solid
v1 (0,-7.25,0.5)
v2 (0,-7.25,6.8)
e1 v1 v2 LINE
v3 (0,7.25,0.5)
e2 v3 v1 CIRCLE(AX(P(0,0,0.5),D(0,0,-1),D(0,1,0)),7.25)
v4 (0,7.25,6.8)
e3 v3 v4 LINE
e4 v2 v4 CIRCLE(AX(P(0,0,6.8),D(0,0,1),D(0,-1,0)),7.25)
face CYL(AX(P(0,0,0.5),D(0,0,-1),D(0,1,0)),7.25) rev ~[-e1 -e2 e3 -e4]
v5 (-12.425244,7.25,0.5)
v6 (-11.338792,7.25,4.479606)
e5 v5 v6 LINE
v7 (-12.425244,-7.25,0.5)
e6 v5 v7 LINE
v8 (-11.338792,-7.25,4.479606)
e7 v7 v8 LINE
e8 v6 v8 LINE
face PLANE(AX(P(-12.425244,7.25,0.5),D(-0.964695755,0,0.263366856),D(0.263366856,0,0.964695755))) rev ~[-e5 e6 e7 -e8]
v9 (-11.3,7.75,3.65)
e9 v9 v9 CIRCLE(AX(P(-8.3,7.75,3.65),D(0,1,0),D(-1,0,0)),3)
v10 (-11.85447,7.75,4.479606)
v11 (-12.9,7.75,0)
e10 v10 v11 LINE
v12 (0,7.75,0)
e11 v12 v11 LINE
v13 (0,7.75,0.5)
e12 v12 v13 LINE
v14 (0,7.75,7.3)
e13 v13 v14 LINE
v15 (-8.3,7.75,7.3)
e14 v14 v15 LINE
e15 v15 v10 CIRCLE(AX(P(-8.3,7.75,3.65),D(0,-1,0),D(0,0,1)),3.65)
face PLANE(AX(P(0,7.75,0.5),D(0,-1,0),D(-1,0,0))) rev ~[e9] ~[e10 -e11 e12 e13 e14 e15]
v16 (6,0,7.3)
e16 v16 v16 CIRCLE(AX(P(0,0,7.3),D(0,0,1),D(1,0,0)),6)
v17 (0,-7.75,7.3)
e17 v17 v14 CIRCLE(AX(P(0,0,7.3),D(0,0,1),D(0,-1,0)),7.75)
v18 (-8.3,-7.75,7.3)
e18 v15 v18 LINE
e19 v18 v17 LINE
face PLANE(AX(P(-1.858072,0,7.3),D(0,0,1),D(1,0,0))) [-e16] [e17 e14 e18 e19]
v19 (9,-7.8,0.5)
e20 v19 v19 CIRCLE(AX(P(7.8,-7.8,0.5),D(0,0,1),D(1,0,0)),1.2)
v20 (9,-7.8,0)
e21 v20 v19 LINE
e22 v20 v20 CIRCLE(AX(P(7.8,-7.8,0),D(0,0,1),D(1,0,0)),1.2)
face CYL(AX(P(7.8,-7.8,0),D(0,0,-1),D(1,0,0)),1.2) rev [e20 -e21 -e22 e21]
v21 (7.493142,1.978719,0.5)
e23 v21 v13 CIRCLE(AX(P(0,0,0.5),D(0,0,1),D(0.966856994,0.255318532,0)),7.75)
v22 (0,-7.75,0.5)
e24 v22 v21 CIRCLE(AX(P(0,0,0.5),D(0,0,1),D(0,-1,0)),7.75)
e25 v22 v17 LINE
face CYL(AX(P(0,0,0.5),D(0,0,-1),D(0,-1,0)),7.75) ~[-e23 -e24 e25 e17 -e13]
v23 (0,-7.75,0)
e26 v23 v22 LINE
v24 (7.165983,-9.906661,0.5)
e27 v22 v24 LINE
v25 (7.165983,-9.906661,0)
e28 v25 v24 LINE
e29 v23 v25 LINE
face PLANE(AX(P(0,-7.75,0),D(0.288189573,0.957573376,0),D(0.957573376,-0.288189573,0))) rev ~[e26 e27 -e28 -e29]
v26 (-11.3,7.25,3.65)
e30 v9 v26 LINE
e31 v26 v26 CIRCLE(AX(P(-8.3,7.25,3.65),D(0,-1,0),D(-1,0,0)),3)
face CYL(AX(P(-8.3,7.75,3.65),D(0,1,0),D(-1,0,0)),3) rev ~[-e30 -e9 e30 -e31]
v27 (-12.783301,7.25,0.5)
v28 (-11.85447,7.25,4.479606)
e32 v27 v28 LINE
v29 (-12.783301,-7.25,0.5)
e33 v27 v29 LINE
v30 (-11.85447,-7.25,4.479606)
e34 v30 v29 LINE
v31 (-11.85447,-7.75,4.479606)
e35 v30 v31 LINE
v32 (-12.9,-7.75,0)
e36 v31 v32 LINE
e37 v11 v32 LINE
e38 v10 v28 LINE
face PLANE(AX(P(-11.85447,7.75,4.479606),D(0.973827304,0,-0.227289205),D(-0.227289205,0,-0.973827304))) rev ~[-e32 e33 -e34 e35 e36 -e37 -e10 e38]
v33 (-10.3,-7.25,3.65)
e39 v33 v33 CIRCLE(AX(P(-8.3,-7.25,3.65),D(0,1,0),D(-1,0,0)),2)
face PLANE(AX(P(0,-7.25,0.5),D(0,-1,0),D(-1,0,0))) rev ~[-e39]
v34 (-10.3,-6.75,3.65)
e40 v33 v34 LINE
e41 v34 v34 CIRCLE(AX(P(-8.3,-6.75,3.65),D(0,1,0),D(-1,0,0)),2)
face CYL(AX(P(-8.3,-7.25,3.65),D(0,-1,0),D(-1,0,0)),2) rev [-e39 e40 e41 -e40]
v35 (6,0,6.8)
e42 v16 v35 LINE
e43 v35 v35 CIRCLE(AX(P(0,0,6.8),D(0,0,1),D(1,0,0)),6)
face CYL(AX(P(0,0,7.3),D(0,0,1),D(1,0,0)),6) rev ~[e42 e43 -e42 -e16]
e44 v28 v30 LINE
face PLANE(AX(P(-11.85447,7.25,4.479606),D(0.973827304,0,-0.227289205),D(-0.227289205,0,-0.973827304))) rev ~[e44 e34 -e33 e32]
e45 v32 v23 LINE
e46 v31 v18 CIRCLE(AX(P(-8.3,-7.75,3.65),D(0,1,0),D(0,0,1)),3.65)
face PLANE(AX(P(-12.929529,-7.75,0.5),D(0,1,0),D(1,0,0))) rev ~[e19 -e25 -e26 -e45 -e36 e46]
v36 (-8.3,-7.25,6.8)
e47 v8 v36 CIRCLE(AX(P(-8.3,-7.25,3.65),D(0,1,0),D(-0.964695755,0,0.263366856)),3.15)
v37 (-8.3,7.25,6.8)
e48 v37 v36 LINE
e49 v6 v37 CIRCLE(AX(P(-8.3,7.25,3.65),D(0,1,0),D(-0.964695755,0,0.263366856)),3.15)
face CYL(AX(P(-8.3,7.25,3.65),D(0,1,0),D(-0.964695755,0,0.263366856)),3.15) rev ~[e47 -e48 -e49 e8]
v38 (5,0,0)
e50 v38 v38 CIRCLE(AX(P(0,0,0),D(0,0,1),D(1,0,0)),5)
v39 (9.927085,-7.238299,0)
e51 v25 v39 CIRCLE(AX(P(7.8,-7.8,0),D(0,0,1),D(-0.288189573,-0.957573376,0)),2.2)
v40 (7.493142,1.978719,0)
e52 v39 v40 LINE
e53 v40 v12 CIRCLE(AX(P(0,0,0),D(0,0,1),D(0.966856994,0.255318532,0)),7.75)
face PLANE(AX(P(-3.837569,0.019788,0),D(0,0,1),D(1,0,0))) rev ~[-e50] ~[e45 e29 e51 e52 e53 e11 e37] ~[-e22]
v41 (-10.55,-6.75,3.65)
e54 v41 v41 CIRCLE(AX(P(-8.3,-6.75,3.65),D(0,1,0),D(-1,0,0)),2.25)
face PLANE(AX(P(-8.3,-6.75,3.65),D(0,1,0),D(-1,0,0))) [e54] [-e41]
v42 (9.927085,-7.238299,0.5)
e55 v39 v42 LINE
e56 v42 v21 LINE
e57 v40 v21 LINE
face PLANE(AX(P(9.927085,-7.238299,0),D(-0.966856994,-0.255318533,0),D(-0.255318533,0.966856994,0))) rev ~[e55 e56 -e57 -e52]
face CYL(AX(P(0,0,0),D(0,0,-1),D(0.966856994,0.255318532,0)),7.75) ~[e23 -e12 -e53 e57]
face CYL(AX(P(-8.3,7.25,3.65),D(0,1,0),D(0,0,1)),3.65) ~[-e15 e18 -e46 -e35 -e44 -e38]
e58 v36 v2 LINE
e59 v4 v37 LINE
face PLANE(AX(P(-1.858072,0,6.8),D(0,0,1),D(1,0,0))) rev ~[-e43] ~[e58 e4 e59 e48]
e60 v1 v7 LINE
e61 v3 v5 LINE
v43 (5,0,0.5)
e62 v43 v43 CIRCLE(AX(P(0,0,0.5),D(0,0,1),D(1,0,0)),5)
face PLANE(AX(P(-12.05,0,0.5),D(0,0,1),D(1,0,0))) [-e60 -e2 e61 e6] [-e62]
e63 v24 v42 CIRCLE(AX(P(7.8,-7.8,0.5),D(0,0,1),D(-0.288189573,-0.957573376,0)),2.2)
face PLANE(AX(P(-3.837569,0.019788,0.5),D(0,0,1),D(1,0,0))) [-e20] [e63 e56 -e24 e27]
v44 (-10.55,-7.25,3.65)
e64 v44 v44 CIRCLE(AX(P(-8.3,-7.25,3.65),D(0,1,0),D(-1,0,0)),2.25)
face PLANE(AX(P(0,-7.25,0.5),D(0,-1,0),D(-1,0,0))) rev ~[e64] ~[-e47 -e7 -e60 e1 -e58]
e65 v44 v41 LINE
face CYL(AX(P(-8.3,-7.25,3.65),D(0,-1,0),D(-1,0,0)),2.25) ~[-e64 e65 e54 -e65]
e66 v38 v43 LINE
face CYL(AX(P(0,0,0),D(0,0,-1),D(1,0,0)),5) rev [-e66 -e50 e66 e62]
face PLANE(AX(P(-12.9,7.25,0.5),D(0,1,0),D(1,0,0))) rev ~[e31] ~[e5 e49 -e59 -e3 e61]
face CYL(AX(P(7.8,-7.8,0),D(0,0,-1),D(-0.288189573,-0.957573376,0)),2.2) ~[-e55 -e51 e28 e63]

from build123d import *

# Parameters (mm, degrees)
F0_R      = 5
F0_R_2    = 1.2
F1_DEPTH  = 0.5
F3_START  = 0.5
F3_DEPTH  = 6.8
F4_R      = 3
F5_DEPTH  = 0.5
F6_R      = 2.25
F6_R_2    = 2
F7_DEPTH  = 0.5
F9_DEPTH  = 17.751
F10_W     = 1.7
F10_H     = 14.5
F11_DEPTH = 25
F13_DEPTH = 14.5
F14_R     = 6
F15_DEPTH = 0.5


with BuildPart() as f1:
    # F0 (on Top) → F1 (new body)
    with BuildSketch(Plane.XY):
        with BuildLine():
            Line((0, 7.75), (-12.9, 7.75))
            Line((-12.9, 7.75), (-12.9, -7.75))
            Line((-12.9, -7.75), (0, -7.75))
            ThreePointArc((0, -7.75), (6.1399336055, -4.729029004), (7.4931417039, 1.978718627))
            ThreePointArc((7.4931417039, 1.978718627), (4.729029004, 6.1399336055), (0, 7.75))
        make_face()
        Circle(F0_R, mode=Mode.SUBTRACT)
        with BuildLine():
            ThreePointArc((7.4931417039, 1.978718627), (6.1399336055, -4.729029004), (0, -7.75))
            Line((0, -7.75), (7.1659829396, -9.9066614268))
            ThreePointArc((7.1659829396, -9.9066614268), (9.3288402344, -9.3819758335), (9.9270853869, -7.2382992285))
            Line((9.9270853869, -7.2382992285), (7.4931417039, 1.978718627))
        make_face()
        with Locations((7.8, -7.8)):
            Circle(F0_R_2, mode=Mode.SUBTRACT)
    extrude(amount=F1_DEPTH)

    # F2 (on Top) → F3 (join)
    with BuildSketch(Plane.XY.offset(F3_START)):
        with BuildLine():
            Line((-12.929528847, 7.75), (-12.929528847, -7.75))
            Line((-12.929528847, -7.75), (0, -7.75))
            ThreePointArc((0, -7.75), (7.75, 0), (0, 7.75))
            Line((0, 7.75), (-12.929528847, 7.75))
        make_face()
        with BuildLine():
            Line((-12.4, -7.25), (-12.4, 7.25))
            Line((-12.4, 7.25), (0, 7.25))
            ThreePointArc((0, 7.25), (7.25, 0), (0, -7.25))
            Line((0, -7.25), (-12.4, -7.25))
        make_face(mode=Mode.SUBTRACT)
    extrude(amount=F3_DEPTH)

    # F4 (on face) → F5 (cut, through all)
    with BuildSketch(Plane(origin=(0, 7.75, 0), x_dir=(-1, 0, 0), z_dir=(0, 1, 0))):
        with Locations((8.3, 3.65)):
            Circle(F4_R)
    extrude(amount=-F5_DEPTH, mode=Mode.SUBTRACT)

    # F6 (on face) → F7 (join)
    with BuildSketch(Plane(origin=(0, -7.25, 0), x_dir=(-1, 0, 0), z_dir=(0, 1, 0))):
        with Locations((8.3, 3.65)):
            Circle(F6_R)
        with Locations((8.3, 3.65)):
            Circle(F6_R_2, mode=Mode.SUBTRACT)
    extrude(amount=F7_DEPTH)

    # F8 (on face) → F9 (cut, through all)
    with BuildSketch(Plane(origin=(0, 7.75, 0), x_dir=(-1, 0, 0), z_dir=(0, 1, 0))):
        with BuildLine():
            Line((15.2742294595, 7.3), (8.3, 7.3))
            ThreePointArc((8.3, 7.3), (10.5687485064, 6.509244693), (11.8544696585, 4.479605597))
            Line((11.8544696585, 4.479605597), (12.9, 0))
            Line((12.9, 0), (15.2742294595, 7.3))
        make_face()
    extrude(amount=-F9_DEPTH, mode=Mode.SUBTRACT)

    # F10 (on face) → F11 (cut)
    with BuildSketch(Plane.XY.offset(0.5)):
        with Locations((-12.05, 0)):
            Rectangle(F10_W, F10_H)
    extrude(amount=F11_DEPTH, mode=Mode.SUBTRACT)

    # F12 (on face) → F13 (join, through all)
    with BuildSketch(Plane.XZ.offset(-7.25)):
        with BuildLine():
            Line((-8.3, 6.8), (-8.3, 7.3))
            ThreePointArc((-8.3, 7.3), (-10.5687485064, 6.509244693), (-11.8544696585, 4.479605597))
            Line((-11.8544696585, 4.479605597), (-12.7833010721, 0.5))
            Line((-12.7833010721, 0.5), (-12.4252442315, 0.5))
            Line((-12.4252442315, 0.5), (-11.3387916272, 4.479605597))
            ThreePointArc((-11.3387916272, 4.479605597), (-10.2117063542, 6.1535732095), (-8.3, 6.8))
        make_face()
    extrude(amount=F13_DEPTH)

    # F14 (on face) → F15 (join)
    with BuildSketch(Plane.XY.offset(7.3)):
        with BuildLine():
            Line((0, 7.25), (-8.3, 7.25))
            Line((-8.3, 7.25), (-8.3, -7.25))
            Line((-8.3, -7.25), (0, -7.25))
            ThreePointArc((0, -7.25), (7.25, 0), (0, 7.25))
        make_face()
        Circle(F14_R, mode=Mode.SUBTRACT)
    extrude(amount=-F15_DEPTH)


solid = f1.part
